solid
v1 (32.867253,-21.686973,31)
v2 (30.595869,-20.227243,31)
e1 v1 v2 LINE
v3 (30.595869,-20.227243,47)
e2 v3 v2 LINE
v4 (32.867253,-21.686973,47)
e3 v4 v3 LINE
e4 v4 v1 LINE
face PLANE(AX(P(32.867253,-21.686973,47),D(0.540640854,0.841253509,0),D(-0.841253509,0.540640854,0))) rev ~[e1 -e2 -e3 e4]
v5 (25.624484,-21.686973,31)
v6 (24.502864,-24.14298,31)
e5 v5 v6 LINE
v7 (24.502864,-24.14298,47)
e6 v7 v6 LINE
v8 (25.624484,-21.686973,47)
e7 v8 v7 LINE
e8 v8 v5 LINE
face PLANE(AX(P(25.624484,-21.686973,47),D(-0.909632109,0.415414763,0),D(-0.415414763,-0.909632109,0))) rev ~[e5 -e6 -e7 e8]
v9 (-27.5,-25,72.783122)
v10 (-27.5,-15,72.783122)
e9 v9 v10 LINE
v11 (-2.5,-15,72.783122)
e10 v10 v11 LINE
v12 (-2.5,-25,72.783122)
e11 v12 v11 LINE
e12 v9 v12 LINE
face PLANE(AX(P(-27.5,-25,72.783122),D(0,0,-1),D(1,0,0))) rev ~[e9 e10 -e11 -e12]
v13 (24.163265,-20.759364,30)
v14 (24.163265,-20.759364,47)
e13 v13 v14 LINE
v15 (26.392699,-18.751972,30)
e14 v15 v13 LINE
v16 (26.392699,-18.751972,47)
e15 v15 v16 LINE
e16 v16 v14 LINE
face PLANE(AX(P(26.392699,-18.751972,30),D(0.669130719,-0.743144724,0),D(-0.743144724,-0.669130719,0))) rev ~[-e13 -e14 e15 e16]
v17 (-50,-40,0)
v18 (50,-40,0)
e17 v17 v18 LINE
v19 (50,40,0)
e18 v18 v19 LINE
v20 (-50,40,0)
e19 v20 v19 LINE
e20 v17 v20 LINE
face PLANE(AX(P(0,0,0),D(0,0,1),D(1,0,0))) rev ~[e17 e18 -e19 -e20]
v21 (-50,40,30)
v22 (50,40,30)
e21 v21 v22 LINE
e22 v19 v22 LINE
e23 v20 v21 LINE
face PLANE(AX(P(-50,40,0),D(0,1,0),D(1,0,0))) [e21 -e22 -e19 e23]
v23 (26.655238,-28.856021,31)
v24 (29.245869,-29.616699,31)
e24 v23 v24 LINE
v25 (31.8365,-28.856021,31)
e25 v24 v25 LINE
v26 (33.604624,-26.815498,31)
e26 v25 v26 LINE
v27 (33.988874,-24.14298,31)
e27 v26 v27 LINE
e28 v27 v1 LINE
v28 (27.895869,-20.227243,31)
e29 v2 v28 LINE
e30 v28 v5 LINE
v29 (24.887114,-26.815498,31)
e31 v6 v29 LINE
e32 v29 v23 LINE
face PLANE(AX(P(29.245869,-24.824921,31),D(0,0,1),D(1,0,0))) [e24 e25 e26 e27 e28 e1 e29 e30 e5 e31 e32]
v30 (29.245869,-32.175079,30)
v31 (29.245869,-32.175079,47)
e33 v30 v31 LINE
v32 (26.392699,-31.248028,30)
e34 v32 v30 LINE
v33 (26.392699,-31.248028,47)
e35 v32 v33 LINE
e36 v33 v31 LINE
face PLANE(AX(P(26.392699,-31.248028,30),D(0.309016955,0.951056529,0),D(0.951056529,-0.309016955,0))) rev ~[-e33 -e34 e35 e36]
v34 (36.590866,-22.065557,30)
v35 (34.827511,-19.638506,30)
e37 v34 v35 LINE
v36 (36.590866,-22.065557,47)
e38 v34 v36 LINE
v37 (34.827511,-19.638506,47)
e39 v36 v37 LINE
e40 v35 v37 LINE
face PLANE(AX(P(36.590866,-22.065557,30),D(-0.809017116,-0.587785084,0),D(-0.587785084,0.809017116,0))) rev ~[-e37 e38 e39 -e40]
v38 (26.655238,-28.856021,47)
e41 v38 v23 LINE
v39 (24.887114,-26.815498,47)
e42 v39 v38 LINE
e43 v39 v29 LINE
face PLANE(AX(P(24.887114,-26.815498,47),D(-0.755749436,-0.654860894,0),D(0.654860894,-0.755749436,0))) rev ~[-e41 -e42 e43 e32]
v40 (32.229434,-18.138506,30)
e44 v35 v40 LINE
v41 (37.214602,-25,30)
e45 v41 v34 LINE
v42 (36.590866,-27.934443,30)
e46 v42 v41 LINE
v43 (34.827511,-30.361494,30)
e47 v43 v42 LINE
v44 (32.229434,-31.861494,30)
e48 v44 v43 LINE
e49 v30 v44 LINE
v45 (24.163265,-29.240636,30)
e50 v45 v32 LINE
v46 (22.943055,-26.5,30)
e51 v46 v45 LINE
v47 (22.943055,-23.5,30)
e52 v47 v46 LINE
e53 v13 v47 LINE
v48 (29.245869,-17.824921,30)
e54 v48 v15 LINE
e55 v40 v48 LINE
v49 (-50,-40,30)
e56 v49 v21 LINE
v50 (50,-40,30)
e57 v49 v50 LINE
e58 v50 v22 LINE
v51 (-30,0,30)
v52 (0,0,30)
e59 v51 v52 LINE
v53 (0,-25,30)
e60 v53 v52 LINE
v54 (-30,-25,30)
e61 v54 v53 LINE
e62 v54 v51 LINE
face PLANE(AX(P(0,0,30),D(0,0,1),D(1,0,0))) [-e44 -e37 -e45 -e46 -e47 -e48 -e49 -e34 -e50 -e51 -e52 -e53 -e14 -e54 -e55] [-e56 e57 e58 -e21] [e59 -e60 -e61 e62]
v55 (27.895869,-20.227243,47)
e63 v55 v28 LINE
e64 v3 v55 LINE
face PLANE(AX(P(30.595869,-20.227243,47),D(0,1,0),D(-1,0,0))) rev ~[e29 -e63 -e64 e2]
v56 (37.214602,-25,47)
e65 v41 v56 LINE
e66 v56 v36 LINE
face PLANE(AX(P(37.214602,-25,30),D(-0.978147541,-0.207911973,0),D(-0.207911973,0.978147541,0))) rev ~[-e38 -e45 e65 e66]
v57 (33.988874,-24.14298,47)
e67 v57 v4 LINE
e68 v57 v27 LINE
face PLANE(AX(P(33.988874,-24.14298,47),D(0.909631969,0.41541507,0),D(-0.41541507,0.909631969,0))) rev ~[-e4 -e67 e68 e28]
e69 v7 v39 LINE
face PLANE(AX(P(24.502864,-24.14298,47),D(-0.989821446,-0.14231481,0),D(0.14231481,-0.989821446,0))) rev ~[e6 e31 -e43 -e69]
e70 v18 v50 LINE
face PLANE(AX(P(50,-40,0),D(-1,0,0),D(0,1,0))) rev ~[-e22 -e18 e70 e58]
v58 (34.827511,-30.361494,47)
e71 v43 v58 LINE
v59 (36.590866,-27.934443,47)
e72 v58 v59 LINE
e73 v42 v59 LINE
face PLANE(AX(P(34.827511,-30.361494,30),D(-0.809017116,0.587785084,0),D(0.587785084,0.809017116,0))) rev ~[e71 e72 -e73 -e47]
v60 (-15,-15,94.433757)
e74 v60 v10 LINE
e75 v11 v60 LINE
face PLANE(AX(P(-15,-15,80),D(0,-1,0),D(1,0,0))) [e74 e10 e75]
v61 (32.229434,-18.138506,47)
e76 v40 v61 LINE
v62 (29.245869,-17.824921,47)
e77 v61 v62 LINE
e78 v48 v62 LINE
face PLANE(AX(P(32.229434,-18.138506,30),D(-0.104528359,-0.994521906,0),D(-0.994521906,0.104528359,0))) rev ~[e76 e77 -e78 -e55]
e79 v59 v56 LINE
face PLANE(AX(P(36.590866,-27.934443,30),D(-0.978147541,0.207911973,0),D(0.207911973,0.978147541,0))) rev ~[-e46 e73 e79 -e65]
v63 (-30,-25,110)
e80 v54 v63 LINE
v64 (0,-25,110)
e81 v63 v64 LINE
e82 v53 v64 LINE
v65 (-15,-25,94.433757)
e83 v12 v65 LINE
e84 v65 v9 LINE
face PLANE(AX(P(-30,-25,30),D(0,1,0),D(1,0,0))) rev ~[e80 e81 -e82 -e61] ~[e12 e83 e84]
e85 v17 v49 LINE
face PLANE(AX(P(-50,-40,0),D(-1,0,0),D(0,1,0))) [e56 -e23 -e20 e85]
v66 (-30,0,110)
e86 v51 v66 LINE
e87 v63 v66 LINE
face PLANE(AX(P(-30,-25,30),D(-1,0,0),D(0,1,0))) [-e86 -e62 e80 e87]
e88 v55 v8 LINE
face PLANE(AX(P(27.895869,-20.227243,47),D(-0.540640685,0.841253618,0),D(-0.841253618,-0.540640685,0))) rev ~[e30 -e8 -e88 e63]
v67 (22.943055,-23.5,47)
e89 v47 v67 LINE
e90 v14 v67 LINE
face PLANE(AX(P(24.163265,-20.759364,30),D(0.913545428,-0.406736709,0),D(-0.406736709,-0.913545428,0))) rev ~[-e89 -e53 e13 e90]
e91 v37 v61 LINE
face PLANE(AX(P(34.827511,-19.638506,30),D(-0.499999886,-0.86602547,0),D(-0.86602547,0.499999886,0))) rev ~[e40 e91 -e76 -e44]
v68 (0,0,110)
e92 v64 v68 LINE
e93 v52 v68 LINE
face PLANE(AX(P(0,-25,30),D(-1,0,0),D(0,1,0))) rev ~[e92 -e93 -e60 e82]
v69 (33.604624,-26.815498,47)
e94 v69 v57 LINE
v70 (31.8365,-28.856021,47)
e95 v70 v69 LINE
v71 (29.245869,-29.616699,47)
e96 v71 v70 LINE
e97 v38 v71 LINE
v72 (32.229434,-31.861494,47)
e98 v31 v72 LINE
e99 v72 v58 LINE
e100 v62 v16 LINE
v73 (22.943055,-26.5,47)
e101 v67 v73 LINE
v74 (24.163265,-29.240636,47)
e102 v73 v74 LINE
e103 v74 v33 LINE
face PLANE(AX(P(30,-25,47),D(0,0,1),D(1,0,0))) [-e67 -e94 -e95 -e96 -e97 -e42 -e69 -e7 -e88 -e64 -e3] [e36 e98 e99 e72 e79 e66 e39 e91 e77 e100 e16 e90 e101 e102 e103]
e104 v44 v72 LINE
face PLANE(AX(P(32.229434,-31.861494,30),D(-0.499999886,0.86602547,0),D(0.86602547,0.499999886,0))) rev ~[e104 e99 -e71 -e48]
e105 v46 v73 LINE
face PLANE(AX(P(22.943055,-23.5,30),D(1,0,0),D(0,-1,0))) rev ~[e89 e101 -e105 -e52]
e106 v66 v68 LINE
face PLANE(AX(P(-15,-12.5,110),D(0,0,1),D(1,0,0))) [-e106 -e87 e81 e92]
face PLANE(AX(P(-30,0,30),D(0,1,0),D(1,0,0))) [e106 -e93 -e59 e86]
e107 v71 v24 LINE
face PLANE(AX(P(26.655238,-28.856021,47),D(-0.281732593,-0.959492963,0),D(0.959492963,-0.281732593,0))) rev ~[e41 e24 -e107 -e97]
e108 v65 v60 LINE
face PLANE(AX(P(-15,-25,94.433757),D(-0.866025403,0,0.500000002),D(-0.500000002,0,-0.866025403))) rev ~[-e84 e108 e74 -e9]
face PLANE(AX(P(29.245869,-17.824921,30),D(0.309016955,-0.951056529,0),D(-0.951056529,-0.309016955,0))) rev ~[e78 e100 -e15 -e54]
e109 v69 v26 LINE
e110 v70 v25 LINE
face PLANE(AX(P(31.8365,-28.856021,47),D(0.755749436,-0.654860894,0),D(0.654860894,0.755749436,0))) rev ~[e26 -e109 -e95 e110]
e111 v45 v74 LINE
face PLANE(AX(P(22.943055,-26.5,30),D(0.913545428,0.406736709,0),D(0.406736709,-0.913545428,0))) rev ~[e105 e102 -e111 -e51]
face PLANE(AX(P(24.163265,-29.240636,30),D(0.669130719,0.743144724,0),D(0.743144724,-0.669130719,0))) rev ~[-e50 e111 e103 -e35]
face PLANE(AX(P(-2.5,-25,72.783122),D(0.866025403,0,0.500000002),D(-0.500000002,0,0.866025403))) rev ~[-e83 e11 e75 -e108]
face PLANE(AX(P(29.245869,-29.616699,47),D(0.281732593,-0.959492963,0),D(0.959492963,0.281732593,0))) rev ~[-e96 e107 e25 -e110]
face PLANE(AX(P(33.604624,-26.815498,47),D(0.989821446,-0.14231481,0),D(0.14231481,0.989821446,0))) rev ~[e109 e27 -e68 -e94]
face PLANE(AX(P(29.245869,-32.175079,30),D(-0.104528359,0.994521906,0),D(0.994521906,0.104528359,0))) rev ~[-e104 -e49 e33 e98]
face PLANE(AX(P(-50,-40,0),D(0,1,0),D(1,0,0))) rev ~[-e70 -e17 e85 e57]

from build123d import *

# Parameters (mm, degrees)
F0_W     = 100
F0_H     = 80
F1_DEPTH = 30
F2_W     = 30
F2_H     = 25
F3_DEPTH = 80
F5_DEPTH = 10
F7_DEPTH = 17
F9_DEPTH = 16


with BuildPart() as f1:
    # F0 (on Top) → F1 (new body)
    with BuildSketch(Plane.XY):
        Rectangle(F0_W, F0_H)
    extrude(amount=F1_DEPTH)

    # F2 (on face) → F3 (join)
    with BuildSketch(Plane.XY.offset(30)):
        with Locations((-15, -12.5)):
            Rectangle(F2_W, F2_H)
    extrude(amount=F3_DEPTH)

    # F4 (on face) → F5 (cut)
    with BuildSketch(Plane.XZ.offset(25)):
        Polygon((-27.5, 72.783122), (-2.5, 72.783122), (-15, 94.433757), align=None)
    extrude(amount=-F5_DEPTH, mode=Mode.SUBTRACT)

    # F6 (on face) → F7 (join)
    with BuildSketch(Plane.XY.offset(30)):
        Polygon((22.943055, -23.5), (22.943055, -26.5), (24.163265, -29.240636), (26.392699, -31.248028), (29.245869, -32.175079), (32.229434, -31.861494), (34.827511, -30.361494), (36.590866, -27.934443), (37.214602, -25), (36.590866, -22.065557), (34.827511, -19.638506), (32.229434, -18.138506), (29.245869, -17.824921), (26.392699, -18.751972), (24.163265, -20.759364), align=None)
    extrude(amount=F7_DEPTH)

    # F8 (on face) → F9 (cut)
    with BuildSketch(Plane.XY.offset(47)):
        Polygon((25.624484, -21.686973), (24.502864, -24.14298), (24.887114, -26.815498), (26.655238, -28.856021), (29.245869, -29.616699), (31.8365, -28.856021), (33.604624, -26.815498), (33.988874, -24.14298), (32.867253, -21.686973), (30.595869, -20.227243), (27.895869, -20.227243), align=None)
    extrude(amount=-F9_DEPTH, mode=Mode.SUBTRACT)


solid = f1.part
